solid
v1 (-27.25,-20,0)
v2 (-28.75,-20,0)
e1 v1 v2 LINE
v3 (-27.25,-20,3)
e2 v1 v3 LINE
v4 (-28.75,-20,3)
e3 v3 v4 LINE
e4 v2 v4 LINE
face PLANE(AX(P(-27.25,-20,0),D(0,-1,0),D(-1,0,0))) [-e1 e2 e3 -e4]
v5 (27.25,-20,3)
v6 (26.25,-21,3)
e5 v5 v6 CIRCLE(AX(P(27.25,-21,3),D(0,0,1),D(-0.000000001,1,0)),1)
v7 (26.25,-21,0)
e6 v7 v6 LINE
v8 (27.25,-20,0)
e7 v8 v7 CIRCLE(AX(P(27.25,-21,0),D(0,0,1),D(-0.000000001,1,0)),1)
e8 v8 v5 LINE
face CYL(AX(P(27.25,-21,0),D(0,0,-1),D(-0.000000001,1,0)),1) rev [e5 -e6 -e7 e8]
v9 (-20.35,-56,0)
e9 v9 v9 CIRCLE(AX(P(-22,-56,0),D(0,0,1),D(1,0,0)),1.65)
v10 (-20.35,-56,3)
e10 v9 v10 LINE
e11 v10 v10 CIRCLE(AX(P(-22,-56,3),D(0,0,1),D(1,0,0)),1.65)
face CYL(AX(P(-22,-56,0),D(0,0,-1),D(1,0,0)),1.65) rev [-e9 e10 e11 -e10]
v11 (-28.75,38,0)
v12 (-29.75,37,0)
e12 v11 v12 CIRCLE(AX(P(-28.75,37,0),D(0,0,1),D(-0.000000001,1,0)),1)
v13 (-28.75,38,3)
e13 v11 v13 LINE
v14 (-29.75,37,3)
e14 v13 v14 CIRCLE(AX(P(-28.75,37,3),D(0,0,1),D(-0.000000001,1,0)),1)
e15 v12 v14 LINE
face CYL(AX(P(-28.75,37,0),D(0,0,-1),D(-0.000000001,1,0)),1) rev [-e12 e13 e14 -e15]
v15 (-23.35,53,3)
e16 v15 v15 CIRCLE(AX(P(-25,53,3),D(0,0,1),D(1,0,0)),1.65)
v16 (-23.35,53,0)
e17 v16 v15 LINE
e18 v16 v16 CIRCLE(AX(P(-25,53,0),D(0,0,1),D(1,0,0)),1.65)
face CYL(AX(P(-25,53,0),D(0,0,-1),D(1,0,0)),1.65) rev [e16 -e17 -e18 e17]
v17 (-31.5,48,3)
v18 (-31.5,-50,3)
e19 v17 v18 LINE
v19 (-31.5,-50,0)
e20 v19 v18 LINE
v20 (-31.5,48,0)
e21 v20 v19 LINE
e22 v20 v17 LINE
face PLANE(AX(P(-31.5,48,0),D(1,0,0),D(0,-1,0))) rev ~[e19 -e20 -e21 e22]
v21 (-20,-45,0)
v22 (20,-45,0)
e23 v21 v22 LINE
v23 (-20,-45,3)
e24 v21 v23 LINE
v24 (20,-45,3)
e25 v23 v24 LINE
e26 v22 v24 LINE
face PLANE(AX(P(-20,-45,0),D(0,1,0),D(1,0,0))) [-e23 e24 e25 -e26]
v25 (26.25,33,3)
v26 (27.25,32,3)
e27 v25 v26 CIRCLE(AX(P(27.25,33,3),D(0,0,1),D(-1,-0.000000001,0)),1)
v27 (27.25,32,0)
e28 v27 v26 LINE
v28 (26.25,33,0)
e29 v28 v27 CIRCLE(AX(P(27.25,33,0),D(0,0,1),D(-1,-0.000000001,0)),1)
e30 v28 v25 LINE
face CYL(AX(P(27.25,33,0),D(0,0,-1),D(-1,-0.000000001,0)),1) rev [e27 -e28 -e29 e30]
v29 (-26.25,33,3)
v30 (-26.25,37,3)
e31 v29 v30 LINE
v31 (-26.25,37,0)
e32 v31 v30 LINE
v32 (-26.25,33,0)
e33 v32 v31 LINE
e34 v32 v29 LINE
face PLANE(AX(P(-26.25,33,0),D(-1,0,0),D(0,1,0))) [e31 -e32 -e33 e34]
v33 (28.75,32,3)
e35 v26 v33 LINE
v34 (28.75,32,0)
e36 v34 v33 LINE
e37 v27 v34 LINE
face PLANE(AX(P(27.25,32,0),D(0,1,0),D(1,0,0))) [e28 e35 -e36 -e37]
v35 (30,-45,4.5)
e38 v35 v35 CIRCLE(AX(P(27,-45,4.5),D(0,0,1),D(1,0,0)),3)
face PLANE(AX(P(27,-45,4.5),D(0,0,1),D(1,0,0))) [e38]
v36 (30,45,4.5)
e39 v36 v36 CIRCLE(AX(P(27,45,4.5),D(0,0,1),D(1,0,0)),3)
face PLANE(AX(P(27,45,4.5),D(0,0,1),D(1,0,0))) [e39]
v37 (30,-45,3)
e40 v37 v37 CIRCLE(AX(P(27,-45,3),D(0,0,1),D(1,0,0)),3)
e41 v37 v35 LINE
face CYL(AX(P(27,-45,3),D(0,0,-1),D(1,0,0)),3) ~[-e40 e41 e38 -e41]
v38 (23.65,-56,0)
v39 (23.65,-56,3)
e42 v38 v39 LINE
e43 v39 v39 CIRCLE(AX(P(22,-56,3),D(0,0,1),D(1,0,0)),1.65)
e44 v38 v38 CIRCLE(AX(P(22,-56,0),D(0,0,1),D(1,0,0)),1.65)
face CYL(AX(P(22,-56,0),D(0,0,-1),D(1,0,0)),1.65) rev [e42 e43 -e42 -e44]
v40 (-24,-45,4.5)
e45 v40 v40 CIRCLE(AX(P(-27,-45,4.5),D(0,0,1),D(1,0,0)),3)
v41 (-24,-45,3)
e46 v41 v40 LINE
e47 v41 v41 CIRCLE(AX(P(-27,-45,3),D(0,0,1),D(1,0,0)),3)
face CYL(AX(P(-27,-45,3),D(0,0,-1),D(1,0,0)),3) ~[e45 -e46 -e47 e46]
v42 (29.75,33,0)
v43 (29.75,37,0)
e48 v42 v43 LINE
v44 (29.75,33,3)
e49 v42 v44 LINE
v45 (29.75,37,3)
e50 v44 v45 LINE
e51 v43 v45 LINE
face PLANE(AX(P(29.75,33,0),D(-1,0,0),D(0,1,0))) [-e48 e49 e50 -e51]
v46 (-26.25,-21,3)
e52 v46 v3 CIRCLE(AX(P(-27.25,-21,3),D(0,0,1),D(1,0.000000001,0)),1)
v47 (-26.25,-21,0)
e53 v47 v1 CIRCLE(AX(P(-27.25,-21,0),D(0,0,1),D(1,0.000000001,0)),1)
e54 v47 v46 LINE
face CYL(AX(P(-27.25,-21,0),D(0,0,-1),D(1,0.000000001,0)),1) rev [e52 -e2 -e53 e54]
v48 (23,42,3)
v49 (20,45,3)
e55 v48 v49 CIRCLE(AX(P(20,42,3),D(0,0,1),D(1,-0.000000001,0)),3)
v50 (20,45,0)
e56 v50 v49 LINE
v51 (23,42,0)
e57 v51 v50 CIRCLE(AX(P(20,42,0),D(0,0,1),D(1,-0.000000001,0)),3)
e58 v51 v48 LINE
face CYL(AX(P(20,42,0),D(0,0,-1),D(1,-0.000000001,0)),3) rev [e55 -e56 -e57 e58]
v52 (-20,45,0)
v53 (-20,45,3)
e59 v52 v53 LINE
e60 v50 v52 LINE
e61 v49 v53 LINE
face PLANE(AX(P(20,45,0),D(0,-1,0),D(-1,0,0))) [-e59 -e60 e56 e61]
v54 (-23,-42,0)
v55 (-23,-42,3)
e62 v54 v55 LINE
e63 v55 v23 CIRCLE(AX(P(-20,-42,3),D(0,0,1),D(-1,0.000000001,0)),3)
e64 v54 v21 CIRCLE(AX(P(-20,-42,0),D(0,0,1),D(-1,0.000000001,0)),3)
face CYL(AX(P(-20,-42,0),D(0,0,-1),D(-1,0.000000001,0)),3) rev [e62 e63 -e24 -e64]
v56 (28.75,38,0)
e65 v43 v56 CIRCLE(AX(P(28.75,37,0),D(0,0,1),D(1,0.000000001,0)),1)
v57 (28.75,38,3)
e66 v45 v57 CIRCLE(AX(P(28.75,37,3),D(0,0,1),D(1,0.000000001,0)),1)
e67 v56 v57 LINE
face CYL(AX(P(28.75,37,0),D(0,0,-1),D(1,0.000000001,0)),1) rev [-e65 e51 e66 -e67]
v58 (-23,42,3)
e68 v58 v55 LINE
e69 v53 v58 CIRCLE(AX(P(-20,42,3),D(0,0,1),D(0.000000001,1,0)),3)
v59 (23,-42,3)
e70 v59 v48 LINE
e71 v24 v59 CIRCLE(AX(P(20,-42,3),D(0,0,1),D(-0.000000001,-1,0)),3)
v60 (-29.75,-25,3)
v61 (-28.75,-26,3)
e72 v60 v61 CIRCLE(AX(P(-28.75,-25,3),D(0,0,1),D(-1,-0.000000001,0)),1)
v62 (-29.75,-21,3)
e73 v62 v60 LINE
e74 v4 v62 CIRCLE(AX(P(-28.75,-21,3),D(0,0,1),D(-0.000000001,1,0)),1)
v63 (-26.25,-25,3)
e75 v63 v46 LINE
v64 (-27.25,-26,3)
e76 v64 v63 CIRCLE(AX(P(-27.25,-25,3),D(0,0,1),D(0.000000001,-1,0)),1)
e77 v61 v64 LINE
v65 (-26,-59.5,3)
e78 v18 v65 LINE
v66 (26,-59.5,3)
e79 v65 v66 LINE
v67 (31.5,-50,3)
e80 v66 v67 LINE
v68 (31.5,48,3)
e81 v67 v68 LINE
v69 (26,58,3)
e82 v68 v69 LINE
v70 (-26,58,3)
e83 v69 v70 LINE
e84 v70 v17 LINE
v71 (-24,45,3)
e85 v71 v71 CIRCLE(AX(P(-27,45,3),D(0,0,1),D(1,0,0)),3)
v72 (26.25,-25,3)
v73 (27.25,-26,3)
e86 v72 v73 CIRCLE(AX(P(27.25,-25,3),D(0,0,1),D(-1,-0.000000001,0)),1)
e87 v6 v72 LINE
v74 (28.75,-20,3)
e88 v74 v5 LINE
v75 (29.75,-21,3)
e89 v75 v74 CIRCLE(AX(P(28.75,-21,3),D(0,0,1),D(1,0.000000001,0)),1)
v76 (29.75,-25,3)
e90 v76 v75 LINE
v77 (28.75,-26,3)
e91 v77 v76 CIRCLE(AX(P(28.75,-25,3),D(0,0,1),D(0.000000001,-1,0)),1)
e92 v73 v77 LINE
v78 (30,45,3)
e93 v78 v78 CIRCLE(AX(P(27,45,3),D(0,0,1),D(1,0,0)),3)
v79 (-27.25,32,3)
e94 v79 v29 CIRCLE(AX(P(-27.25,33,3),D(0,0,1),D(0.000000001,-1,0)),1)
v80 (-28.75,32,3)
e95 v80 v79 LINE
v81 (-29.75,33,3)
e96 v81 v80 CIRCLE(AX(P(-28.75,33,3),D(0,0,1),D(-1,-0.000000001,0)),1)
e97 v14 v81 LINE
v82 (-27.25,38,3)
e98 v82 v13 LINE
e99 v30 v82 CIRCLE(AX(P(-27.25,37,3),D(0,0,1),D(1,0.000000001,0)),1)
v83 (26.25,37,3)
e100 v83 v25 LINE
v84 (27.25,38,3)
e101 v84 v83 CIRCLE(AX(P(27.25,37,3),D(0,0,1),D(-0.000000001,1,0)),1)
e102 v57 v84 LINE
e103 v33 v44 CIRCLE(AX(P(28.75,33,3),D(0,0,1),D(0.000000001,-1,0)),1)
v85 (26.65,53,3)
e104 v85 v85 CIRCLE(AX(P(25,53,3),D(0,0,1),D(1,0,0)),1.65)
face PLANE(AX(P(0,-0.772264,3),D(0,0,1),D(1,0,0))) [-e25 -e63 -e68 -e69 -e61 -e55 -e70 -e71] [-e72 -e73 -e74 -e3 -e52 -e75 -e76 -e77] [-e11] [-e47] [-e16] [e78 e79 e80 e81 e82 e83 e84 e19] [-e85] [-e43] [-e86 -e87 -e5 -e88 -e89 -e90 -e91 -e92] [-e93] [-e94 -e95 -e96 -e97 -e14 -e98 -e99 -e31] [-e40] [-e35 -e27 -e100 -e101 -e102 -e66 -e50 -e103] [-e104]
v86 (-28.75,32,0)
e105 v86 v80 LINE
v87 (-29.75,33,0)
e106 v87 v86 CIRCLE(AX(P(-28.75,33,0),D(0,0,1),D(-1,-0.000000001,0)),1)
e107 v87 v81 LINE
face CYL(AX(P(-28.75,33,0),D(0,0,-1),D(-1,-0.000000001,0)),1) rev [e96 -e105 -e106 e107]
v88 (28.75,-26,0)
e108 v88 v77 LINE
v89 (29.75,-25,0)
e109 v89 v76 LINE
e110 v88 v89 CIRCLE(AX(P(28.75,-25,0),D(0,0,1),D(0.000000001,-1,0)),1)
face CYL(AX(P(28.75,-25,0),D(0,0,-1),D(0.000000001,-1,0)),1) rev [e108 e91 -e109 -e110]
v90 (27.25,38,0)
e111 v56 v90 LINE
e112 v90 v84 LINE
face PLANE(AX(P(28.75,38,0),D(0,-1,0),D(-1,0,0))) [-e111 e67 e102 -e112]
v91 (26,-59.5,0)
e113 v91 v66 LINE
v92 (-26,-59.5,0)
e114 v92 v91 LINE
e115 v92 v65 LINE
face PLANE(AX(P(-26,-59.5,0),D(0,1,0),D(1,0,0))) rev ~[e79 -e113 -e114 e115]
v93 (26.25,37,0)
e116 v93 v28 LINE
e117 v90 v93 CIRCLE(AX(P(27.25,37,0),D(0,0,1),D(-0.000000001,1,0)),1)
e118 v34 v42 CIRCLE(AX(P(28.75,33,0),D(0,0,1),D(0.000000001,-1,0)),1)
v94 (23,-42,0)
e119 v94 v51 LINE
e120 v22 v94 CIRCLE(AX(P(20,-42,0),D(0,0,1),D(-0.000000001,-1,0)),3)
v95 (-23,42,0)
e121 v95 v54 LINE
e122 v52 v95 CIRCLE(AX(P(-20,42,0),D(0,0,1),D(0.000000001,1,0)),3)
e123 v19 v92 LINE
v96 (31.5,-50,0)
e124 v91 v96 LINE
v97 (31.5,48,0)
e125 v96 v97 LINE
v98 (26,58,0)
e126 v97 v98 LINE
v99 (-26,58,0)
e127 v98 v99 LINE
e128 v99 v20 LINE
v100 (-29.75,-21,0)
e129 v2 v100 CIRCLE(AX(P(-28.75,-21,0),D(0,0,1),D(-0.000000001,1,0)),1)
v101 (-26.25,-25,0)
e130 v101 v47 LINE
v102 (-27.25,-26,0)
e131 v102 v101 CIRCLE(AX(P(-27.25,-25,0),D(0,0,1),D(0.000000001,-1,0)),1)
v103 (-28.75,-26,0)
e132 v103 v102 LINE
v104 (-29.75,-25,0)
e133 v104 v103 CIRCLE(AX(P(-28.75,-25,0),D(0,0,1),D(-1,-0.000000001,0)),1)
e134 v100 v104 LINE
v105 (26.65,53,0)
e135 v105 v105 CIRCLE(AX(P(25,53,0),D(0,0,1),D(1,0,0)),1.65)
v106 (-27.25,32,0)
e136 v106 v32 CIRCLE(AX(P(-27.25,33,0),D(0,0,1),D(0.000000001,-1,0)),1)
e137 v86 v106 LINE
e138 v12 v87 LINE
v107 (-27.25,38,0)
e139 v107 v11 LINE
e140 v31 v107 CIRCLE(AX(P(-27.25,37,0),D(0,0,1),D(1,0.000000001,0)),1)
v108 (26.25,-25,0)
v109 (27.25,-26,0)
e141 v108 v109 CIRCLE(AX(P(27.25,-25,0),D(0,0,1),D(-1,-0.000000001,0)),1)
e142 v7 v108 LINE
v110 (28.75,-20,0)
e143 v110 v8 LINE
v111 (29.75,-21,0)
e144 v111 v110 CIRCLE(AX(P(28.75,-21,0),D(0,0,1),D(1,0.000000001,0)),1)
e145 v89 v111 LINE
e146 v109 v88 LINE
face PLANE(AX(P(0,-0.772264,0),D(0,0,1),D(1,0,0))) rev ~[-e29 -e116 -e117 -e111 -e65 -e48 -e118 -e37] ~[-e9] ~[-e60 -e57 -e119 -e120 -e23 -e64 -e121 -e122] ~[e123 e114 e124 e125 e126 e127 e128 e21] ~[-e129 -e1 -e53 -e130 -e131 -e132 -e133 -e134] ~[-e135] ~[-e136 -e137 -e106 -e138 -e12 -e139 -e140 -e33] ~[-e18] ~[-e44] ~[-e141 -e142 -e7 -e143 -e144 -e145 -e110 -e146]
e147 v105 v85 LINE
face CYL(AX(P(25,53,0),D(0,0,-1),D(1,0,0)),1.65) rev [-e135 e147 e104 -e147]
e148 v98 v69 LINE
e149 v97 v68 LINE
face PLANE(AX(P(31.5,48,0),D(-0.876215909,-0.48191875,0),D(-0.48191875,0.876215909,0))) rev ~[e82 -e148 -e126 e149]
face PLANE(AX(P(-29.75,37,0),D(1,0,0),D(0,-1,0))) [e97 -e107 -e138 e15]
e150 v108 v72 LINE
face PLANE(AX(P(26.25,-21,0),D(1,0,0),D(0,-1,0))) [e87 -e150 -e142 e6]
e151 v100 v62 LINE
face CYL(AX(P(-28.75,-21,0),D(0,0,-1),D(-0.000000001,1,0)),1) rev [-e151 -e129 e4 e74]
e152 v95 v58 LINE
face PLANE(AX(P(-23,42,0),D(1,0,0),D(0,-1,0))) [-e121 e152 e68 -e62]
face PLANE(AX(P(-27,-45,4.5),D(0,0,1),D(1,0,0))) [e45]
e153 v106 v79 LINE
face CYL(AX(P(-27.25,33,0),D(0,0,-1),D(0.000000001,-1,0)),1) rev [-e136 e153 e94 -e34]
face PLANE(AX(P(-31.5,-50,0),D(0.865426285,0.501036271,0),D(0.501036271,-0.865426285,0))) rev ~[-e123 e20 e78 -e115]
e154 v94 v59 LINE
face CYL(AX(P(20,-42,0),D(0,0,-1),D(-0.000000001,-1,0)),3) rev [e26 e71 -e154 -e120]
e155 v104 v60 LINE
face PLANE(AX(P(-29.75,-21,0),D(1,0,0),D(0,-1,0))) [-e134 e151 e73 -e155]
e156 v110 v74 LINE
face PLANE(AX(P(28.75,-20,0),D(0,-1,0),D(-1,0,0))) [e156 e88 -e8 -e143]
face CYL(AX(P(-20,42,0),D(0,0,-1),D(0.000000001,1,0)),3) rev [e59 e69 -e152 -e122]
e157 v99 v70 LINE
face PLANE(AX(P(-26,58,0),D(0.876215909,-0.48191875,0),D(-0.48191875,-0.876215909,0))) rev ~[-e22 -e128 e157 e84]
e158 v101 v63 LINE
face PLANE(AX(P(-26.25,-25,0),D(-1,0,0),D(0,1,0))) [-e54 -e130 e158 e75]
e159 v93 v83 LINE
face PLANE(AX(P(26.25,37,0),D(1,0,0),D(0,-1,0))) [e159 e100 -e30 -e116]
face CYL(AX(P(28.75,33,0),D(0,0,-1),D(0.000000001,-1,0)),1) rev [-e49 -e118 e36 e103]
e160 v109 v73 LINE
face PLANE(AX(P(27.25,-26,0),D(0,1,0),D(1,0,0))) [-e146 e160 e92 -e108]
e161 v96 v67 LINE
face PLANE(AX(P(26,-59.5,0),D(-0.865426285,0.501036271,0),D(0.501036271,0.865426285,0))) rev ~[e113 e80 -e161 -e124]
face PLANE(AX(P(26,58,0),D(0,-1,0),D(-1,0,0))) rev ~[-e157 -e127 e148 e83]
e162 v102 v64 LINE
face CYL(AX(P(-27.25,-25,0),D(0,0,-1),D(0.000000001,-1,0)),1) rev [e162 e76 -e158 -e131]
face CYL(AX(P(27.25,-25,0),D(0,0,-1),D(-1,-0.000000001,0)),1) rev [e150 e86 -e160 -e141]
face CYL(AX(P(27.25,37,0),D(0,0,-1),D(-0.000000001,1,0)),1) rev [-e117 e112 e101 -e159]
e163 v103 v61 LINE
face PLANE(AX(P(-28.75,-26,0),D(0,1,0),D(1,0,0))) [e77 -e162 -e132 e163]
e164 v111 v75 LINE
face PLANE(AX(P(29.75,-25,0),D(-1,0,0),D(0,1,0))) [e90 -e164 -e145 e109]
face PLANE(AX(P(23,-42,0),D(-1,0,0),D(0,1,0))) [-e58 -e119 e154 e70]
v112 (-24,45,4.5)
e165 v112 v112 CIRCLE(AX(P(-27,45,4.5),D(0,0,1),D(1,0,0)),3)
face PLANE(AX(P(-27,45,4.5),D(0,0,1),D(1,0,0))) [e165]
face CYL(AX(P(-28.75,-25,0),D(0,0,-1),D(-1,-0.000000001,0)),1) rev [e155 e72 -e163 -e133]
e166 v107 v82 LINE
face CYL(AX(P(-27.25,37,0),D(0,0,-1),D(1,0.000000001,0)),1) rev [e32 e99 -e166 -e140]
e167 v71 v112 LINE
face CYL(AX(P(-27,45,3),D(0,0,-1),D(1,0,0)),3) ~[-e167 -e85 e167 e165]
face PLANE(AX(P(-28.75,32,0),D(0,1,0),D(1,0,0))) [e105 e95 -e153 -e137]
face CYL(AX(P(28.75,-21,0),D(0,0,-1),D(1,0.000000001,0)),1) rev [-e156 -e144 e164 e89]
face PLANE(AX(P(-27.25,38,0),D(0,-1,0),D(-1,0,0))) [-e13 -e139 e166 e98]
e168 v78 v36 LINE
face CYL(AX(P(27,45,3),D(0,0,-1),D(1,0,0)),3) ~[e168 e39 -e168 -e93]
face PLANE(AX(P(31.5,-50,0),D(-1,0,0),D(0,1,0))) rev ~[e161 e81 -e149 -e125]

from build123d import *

# Parameters (mm, degrees)
SKETCH_4_R            = 1.65
EXTRUDE_258_DEPTH     = 3
CUT_EXTRUDE_383_DEPTH = 3
PCB_1P5MM_START       = 3
SKETCH_6_R            = 3
PCB_1P5MM_DEPTH       = 1.5


with BuildPart() as part:
    # 草图4 → Extrude 258 (new body)
    with BuildSketch(Plane.XY):
        Polygon((-26, -59.5), (26, -59.5), (31.5, -50), (31.5, 48), (26, 58), (-26, 58), (-31.5, 48), (-31.5, -50), align=None)
        with Locations((-22, -56)):
            Circle(SKETCH_4_R, mode=Mode.SUBTRACT)
        with Locations((-25, 53)):
            Circle(SKETCH_4_R, mode=Mode.SUBTRACT)
        with Locations((22, -56)):
            Circle(SKETCH_4_R, mode=Mode.SUBTRACT)
        with Locations((25, 53)):
            Circle(SKETCH_4_R, mode=Mode.SUBTRACT)
        with BuildLine():
            Line((-20, -45), (20, -45))
            ThreePointArc((20, -45), (22.121320344, -44.121320344), (23, -42))
            Line((23, -42), (23, 42))
            ThreePointArc((23, 42), (22.121320344, 44.121320344), (20, 45))
            Line((20, 45), (-20, 45))
            ThreePointArc((-20, 45), (-22.121320344, 44.121320344), (-23, 42))
            Line((-23, 42), (-23, -42))
            ThreePointArc((-23, -42), (-22.121320344, -44.121320344), (-20, -45))
        make_face(mode=Mode.SUBTRACT)
    extrude(amount=EXTRUDE_258_DEPTH)

    # 草图5 → Cut-Extrude 383 (cut)
    with BuildSketch(Plane.XY):
        with BuildLine():
            Line((-28.75, -26), (-27.25, -26))
            ThreePointArc((-27.25, -26), (-26.542893219, -25.707106781), (-26.25, -25))
            Line((-26.25, -25), (-26.25, -21))
            ThreePointArc((-26.25, -21), (-26.542893219, -20.292893219), (-27.25, -20))
            Line((-27.25, -20), (-28.75, -20))
            ThreePointArc((-28.75, -20), (-29.457106781, -20.292893219), (-29.75, -21))
            Line((-29.75, -21), (-29.75, -25))
            ThreePointArc((-29.75, -25), (-29.457106781, -25.707106781), (-28.75, -26))
        make_face()
        with BuildLine():
            Line((-28.75, 32), (-27.25, 32))
            ThreePointArc((-27.25, 32), (-26.542893219, 32.292893219), (-26.25, 33))
            Line((-26.25, 33), (-26.25, 37))
            ThreePointArc((-26.25, 37), (-26.542893219, 37.707106781), (-27.25, 38))
            Line((-27.25, 38), (-28.75, 38))
            ThreePointArc((-28.75, 38), (-29.457106781, 37.707106781), (-29.75, 37))
            Line((-29.75, 37), (-29.75, 33))
            ThreePointArc((-29.75, 33), (-29.457106781, 32.292893219), (-28.75, 32))
        make_face()
        with BuildLine():
            Line((27.25, -26), (28.75, -26))
            ThreePointArc((28.75, -26), (29.457106781, -25.707106781), (29.75, -25))
            Line((29.75, -25), (29.75, -21))
            ThreePointArc((29.75, -21), (29.457106781, -20.292893219), (28.75, -20))
            Line((28.75, -20), (27.25, -20))
            ThreePointArc((27.25, -20), (26.542893219, -20.292893219), (26.25, -21))
            Line((26.25, -21), (26.25, -25))
            ThreePointArc((26.25, -25), (26.542893219, -25.707106781), (27.25, -26))
        make_face()
        with BuildLine():
            Line((27.25, 32), (28.75, 32))
            ThreePointArc((28.75, 32), (29.457106781, 32.292893219), (29.75, 33))
            Line((29.75, 33), (29.75, 37))
            ThreePointArc((29.75, 37), (29.457106781, 37.707106781), (28.75, 38))
            Line((28.75, 38), (27.25, 38))
            ThreePointArc((27.25, 38), (26.542893219, 37.707106781), (26.25, 37))
            Line((26.25, 37), (26.25, 33))
            ThreePointArc((26.25, 33), (26.542893219, 32.292893219), (27.25, 32))
        make_face()
    extrude(amount=CUT_EXTRUDE_383_DEPTH, mode=Mode.SUBTRACT)

    # 草图6 → PCB下1p5mm绝缘支垫 (add)
    with BuildSketch(Plane.XY.offset(PCB_1P5MM_START)):
        with Locations((-27, -45)):
            Circle(SKETCH_6_R)
        with Locations((-27, 45)):
            Circle(SKETCH_6_R)
        with Locations((27, -45)):
            Circle(SKETCH_6_R)
        with Locations((27, 45)):
            Circle(SKETCH_6_R)
    extrude(amount=PCB_1P5MM_DEPTH)


solid = part.part
